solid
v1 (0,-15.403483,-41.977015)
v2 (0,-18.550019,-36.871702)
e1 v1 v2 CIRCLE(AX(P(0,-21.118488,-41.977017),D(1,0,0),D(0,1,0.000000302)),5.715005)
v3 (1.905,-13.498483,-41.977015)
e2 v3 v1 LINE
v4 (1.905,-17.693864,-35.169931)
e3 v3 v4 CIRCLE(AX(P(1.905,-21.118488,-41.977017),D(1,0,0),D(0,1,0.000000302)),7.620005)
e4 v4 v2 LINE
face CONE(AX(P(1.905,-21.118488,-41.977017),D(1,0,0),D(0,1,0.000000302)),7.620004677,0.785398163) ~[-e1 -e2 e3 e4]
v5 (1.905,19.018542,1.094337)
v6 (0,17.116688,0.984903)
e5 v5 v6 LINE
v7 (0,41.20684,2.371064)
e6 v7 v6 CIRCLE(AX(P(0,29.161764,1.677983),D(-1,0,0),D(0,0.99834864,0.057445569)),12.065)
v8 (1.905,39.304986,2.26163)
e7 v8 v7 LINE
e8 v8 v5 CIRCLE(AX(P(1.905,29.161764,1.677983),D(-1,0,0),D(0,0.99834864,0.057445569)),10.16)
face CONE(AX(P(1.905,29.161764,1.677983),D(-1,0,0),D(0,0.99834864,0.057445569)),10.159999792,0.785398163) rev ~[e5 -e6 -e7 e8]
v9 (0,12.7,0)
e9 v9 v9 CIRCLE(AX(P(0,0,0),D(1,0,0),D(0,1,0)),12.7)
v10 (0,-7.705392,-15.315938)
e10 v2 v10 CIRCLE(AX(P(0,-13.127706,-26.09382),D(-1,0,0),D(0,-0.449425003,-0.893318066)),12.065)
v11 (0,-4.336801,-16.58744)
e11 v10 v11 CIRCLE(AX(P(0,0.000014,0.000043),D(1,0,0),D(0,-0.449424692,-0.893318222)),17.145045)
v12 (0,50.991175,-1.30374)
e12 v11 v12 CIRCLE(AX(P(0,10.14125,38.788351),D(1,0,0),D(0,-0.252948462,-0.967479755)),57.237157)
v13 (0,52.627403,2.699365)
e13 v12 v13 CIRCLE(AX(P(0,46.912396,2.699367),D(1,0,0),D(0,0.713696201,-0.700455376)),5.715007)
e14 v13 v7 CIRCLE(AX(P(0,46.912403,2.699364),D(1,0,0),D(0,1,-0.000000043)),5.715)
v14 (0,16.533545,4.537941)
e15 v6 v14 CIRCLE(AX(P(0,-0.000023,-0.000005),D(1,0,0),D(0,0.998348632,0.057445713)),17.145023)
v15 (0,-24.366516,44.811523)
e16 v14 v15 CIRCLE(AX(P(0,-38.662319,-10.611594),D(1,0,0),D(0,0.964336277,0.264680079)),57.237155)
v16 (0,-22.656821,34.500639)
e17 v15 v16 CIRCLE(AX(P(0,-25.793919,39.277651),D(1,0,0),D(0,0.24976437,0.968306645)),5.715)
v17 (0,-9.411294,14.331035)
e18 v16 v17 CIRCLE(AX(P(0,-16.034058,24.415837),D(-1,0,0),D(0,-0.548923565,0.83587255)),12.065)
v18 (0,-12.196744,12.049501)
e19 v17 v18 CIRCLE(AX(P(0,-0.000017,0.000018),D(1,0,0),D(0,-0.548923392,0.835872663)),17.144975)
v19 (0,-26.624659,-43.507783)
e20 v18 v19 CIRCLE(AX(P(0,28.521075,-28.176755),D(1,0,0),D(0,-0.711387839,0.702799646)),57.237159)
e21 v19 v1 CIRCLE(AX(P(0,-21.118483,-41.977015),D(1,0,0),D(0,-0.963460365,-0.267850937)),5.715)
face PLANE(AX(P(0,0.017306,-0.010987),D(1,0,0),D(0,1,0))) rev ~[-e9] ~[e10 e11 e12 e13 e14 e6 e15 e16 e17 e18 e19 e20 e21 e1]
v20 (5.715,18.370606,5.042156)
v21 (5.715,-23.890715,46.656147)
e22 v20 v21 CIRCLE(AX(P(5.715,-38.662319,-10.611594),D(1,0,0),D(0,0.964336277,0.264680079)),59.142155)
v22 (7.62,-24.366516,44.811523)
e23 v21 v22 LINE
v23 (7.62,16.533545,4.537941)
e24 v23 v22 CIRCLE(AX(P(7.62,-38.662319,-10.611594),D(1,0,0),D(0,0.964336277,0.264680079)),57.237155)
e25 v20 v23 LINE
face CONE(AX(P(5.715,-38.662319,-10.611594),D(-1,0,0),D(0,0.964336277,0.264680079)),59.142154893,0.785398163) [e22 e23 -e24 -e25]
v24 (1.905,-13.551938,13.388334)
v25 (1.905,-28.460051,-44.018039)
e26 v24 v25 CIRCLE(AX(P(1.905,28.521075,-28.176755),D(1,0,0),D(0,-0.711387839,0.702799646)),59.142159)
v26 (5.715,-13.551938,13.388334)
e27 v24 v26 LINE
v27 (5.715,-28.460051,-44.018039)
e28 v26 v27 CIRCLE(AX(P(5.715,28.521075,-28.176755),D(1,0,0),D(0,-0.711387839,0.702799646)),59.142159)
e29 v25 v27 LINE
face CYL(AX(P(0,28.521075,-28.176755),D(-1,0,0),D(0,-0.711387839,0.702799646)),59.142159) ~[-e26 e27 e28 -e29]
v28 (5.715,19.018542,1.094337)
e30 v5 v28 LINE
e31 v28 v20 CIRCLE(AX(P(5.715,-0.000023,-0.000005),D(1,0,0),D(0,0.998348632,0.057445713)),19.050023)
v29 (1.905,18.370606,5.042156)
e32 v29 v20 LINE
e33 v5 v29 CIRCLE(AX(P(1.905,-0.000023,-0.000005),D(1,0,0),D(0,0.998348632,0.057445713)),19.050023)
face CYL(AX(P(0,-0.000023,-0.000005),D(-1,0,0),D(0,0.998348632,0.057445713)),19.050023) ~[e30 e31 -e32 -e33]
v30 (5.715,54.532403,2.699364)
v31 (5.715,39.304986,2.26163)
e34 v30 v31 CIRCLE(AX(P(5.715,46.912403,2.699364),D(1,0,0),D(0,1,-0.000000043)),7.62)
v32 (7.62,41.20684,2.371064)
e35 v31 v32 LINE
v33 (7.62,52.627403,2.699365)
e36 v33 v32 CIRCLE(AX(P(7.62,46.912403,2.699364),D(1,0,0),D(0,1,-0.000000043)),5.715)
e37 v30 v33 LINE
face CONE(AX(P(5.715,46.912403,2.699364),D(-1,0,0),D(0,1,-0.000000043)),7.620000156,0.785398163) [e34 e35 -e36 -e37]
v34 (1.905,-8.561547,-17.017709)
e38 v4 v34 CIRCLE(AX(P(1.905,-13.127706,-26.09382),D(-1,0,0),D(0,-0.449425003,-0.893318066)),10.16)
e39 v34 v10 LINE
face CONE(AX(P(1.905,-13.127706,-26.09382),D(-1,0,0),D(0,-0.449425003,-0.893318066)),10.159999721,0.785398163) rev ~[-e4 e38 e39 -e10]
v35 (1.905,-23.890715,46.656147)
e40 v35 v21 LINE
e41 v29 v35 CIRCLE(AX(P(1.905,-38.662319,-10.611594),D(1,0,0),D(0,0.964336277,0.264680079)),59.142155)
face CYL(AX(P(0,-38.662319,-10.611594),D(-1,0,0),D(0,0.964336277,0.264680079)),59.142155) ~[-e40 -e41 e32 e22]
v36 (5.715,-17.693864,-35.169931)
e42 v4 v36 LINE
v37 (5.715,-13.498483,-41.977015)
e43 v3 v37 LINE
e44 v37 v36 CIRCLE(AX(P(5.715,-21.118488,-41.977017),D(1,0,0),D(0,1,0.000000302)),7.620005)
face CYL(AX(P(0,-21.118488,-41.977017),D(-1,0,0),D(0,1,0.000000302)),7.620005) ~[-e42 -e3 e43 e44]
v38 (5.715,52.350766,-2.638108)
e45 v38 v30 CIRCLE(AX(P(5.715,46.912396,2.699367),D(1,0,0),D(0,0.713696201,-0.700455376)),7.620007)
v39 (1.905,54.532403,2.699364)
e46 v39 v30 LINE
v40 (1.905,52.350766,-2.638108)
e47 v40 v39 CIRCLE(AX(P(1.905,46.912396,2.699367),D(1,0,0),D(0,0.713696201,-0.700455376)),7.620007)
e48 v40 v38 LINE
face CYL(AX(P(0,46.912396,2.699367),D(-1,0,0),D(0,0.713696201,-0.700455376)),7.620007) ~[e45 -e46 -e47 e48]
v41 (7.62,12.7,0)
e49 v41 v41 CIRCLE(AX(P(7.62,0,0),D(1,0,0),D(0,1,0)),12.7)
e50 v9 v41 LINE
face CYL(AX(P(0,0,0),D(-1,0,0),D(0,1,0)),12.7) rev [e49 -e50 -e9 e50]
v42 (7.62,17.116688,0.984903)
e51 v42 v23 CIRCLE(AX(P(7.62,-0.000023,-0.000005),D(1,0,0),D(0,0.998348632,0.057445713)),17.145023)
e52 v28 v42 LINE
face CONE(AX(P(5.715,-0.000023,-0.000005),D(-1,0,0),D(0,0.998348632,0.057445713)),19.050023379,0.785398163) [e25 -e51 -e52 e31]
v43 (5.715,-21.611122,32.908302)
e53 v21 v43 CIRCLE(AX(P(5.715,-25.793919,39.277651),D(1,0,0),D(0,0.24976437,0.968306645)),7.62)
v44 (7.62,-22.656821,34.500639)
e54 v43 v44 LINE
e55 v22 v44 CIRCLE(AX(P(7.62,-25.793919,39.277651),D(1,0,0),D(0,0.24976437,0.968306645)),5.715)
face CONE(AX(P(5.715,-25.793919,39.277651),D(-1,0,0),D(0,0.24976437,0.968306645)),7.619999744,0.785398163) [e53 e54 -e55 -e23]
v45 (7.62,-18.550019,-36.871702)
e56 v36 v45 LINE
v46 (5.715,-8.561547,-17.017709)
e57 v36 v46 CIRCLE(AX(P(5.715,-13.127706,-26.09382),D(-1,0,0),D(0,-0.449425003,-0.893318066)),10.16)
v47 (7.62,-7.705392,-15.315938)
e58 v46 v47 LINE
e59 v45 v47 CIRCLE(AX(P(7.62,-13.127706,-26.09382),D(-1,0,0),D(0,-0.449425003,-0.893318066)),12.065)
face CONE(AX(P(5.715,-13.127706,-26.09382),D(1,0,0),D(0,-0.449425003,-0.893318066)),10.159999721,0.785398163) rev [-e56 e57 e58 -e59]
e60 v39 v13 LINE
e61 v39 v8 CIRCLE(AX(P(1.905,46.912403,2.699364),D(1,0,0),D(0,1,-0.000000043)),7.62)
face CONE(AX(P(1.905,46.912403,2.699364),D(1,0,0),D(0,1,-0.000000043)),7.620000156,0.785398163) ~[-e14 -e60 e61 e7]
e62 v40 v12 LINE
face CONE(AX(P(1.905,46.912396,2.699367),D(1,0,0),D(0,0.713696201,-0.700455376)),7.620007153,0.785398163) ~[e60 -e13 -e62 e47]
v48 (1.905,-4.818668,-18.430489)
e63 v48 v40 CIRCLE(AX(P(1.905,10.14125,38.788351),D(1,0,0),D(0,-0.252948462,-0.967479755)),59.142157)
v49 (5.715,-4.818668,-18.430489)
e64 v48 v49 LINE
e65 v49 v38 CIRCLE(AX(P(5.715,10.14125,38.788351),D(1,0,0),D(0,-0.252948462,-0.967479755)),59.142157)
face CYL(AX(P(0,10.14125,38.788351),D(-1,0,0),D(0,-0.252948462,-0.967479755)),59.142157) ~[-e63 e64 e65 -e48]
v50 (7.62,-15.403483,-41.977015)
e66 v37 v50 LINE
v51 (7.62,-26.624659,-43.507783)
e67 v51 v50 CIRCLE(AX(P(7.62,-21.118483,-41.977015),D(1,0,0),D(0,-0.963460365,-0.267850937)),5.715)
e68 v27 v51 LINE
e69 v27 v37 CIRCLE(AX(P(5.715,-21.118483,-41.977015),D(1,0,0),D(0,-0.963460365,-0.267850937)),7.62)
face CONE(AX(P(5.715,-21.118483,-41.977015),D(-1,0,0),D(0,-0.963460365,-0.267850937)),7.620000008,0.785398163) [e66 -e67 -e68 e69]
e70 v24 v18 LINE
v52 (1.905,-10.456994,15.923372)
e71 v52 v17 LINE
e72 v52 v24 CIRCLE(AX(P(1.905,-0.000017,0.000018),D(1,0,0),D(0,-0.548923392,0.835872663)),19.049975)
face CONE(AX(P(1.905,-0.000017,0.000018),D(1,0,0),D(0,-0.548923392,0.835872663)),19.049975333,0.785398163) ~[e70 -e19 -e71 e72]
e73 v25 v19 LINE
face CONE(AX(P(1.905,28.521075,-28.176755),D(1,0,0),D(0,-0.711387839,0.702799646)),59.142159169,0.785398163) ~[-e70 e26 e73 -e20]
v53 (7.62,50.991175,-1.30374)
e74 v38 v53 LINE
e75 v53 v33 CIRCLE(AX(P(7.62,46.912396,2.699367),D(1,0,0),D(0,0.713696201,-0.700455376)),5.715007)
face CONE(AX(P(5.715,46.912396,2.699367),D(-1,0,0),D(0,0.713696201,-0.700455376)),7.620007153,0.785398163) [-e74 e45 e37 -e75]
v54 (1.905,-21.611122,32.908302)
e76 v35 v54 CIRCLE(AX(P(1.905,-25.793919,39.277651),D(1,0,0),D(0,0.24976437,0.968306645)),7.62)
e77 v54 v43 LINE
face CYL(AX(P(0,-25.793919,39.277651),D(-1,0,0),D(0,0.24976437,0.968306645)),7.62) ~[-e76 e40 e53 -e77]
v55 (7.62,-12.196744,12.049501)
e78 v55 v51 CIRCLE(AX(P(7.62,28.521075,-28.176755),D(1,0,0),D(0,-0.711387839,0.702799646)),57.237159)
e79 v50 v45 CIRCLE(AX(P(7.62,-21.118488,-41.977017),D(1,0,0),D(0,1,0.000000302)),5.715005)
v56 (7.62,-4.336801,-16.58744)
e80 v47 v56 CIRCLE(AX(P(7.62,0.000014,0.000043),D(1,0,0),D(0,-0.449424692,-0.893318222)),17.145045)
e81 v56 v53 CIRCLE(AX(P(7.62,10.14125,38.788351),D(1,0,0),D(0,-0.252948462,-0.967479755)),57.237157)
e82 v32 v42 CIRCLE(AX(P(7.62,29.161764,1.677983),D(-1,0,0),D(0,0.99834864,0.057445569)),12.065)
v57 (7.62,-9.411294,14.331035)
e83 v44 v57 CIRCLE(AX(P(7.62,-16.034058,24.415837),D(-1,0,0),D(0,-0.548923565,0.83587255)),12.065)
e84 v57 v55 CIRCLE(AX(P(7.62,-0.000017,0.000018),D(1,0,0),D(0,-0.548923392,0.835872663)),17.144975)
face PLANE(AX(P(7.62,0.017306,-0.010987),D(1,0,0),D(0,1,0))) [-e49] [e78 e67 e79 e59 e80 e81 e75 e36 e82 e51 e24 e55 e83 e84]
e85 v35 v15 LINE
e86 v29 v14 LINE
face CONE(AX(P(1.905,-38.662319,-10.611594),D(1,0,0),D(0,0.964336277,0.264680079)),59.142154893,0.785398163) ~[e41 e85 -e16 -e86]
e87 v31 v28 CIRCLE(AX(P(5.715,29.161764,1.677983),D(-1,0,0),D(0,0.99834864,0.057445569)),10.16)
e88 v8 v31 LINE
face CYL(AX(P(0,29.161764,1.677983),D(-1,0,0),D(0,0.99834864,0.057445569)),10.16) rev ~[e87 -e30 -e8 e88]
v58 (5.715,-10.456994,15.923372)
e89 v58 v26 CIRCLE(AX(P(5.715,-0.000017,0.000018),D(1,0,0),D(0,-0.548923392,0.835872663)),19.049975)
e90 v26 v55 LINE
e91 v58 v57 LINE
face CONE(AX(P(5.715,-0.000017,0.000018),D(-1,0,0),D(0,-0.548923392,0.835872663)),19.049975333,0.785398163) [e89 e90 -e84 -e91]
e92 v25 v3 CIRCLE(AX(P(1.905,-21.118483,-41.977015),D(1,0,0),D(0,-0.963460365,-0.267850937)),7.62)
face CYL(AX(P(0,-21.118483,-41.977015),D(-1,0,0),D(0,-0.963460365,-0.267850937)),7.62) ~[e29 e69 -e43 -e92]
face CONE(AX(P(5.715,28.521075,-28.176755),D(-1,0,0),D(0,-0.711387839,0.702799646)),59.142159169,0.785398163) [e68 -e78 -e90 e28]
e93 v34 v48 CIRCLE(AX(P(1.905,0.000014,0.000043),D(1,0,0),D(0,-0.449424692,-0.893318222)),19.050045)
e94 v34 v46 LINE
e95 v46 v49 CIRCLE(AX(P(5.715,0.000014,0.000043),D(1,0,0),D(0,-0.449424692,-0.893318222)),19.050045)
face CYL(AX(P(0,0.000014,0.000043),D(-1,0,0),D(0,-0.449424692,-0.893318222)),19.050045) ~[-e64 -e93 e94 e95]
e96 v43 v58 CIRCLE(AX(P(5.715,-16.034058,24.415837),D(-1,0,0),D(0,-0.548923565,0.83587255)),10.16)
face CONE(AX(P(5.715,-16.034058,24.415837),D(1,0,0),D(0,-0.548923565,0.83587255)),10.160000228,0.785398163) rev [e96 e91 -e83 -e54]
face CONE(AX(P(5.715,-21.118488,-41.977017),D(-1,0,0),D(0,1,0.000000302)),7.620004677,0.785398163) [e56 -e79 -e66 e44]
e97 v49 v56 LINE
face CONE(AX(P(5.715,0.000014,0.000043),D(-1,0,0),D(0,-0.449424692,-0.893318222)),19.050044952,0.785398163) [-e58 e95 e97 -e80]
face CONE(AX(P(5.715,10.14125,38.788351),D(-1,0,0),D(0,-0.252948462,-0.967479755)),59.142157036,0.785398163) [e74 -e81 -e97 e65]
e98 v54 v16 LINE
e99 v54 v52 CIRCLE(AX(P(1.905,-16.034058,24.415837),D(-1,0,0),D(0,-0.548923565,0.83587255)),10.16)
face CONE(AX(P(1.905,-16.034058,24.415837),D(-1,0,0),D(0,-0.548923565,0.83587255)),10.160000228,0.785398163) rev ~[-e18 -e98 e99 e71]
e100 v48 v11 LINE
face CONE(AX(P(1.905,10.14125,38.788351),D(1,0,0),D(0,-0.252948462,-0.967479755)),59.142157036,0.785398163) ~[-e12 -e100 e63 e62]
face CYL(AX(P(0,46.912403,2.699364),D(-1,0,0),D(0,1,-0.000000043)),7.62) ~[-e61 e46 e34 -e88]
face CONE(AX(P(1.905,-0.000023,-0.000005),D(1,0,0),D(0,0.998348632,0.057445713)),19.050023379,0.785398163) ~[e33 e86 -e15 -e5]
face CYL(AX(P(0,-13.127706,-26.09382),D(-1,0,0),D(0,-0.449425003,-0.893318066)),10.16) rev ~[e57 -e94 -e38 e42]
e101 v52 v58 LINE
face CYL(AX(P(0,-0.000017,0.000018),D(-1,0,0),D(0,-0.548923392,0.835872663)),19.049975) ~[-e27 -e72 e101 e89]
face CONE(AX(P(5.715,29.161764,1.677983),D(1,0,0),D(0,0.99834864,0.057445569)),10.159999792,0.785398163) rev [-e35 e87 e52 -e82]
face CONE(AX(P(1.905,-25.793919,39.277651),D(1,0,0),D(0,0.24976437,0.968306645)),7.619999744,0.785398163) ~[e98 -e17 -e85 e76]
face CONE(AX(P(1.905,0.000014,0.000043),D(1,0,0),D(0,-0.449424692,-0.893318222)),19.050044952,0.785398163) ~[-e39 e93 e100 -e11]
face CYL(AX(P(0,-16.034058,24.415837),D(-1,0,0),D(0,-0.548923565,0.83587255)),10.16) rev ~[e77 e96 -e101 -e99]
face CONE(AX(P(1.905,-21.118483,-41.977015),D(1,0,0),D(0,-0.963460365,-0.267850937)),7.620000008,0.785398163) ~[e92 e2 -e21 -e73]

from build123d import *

# Parameters (mm, degrees)
F0_R     = 12.7
F1_DEPTH = 7.62
F2_SIZE  = 1.905


with BuildPart() as f1:
    # F0 (on Right) → F1 (new body)
    with BuildSketch(Plane.YZ):
        with BuildLine():
            ThreePointArc((-4.818668, -18.430489), (11.642742, -15.078099), (19.05, 0))
            ThreePointArc((19.05, 0), (19.042134, 0.547394), (19.018542, 1.094337))
            ThreePointArc((19.018542, 1.094337), (18.798495, 3.085302), (18.370606, 5.042156))
            ThreePointArc((18.370606, 5.042156), (6.727297, 17.822625), (-10.456994, 15.923372))
            ThreePointArc((-10.456994, 15.923372), (-12.071198, 14.737323), (-13.551938, 13.388334))
            ThreePointArc((-13.551938, 13.388334), (-18.798495, -3.085302), (-8.561547, -17.017709))
            ThreePointArc((-8.561547, -17.017709), (-6.727297, -17.822625), (-4.818668, -18.430489))
        make_face()
        Circle(F0_R, mode=Mode.SUBTRACT)
        with BuildLine():
            ThreePointArc((19.018542, 1.094337), (19.042134, 0.547394), (19.05, 0))
            ThreePointArc((19.05, 0), (11.642742, -15.078099), (-4.818668, -18.430489))
            ThreePointArc((-4.818668, -18.430489), (25.888789, -18.218752), (52.350766, -2.638108))
            ThreePointArc((52.350766, -2.638108), (44.233214, -4.434102), (39.304986, 2.26163))
            ThreePointArc((39.304986, 2.26163), (29.74541, -8.465239), (19.018542, 1.094337))
        make_face()
        with BuildLine():
            ThreePointArc((-10.456994, 15.923372), (6.727297, 17.822625), (18.370606, 5.042156))
            ThreePointArc((18.370606, 5.042156), (2.833508, 31.529725), (-23.890715, 46.656147))
            ThreePointArc((-23.890715, 46.656147), (-19.770348, 43.944661), (-18.173919, 39.27765))
            ThreePointArc((-18.173919, 39.27765), (-19.088052, 35.658847), (-21.611122, 32.908302))
            ThreePointArc((-21.611122, 32.908302), (-7.541593, 29.9929), (-10.456994, 15.923372))
        make_face()
        with BuildLine():
            ThreePointArc((54.532403, 2.699364), (46.693445, 10.316218), (39.304986, 2.26163))
            ThreePointArc((39.304986, 2.26163), (44.233214, -4.434102), (52.350766, -2.638108))
            ThreePointArc((52.350766, -2.638108), (53.965938, -0.183696), (54.532403, 2.699364))
        make_face()
        with BuildLine():
            ThreePointArc((-17.693864, -35.169931), (-22.203817, -21.527661), (-8.561547, -17.017709))
            ThreePointArc((-8.561547, -17.017709), (-18.798495, -3.085302), (-13.551938, 13.388334))
            ThreePointArc((-13.551938, 13.388334), (-28.722296, -13.310972), (-28.460051, -44.018039))
            ThreePointArc((-28.460051, -44.018039), (-25.956652, -36.090035), (-17.693864, -35.169931))
        make_face()
        with BuildLine():
            ThreePointArc((-18.173919, 39.27765), (-19.770348, 43.944661), (-23.890715, 46.656147))
            ThreePointArc((-23.890715, 46.656147), (-33.311277, 38.031163), (-21.611122, 32.908302))
            ThreePointArc((-21.611122, 32.908302), (-19.088052, 35.658847), (-18.173919, 39.27765))
        make_face()
        with BuildLine():
            ThreePointArc((-13.498483, -41.977015), (-14.631574, -37.978965), (-17.693864, -35.169931))
            ThreePointArc((-17.693864, -35.169931), (-25.956652, -36.090035), (-28.460051, -44.018039))
            ThreePointArc((-28.460051, -44.018039), (-20.088519, -49.527086), (-13.498483, -41.977015))
        make_face()
    extrude(amount=F1_DEPTH)

    # F2
    f2_edges = [f1.edges().sort_by_distance(p)[0] for p in [
        (0, 25.888789, -18.218752),
        (0, 29.74541, -8.465239),
        (7.62, 25.888789, -18.218752),
    ]]
    chamfer(f2_edges, length=F2_SIZE)


solid = f1.part
